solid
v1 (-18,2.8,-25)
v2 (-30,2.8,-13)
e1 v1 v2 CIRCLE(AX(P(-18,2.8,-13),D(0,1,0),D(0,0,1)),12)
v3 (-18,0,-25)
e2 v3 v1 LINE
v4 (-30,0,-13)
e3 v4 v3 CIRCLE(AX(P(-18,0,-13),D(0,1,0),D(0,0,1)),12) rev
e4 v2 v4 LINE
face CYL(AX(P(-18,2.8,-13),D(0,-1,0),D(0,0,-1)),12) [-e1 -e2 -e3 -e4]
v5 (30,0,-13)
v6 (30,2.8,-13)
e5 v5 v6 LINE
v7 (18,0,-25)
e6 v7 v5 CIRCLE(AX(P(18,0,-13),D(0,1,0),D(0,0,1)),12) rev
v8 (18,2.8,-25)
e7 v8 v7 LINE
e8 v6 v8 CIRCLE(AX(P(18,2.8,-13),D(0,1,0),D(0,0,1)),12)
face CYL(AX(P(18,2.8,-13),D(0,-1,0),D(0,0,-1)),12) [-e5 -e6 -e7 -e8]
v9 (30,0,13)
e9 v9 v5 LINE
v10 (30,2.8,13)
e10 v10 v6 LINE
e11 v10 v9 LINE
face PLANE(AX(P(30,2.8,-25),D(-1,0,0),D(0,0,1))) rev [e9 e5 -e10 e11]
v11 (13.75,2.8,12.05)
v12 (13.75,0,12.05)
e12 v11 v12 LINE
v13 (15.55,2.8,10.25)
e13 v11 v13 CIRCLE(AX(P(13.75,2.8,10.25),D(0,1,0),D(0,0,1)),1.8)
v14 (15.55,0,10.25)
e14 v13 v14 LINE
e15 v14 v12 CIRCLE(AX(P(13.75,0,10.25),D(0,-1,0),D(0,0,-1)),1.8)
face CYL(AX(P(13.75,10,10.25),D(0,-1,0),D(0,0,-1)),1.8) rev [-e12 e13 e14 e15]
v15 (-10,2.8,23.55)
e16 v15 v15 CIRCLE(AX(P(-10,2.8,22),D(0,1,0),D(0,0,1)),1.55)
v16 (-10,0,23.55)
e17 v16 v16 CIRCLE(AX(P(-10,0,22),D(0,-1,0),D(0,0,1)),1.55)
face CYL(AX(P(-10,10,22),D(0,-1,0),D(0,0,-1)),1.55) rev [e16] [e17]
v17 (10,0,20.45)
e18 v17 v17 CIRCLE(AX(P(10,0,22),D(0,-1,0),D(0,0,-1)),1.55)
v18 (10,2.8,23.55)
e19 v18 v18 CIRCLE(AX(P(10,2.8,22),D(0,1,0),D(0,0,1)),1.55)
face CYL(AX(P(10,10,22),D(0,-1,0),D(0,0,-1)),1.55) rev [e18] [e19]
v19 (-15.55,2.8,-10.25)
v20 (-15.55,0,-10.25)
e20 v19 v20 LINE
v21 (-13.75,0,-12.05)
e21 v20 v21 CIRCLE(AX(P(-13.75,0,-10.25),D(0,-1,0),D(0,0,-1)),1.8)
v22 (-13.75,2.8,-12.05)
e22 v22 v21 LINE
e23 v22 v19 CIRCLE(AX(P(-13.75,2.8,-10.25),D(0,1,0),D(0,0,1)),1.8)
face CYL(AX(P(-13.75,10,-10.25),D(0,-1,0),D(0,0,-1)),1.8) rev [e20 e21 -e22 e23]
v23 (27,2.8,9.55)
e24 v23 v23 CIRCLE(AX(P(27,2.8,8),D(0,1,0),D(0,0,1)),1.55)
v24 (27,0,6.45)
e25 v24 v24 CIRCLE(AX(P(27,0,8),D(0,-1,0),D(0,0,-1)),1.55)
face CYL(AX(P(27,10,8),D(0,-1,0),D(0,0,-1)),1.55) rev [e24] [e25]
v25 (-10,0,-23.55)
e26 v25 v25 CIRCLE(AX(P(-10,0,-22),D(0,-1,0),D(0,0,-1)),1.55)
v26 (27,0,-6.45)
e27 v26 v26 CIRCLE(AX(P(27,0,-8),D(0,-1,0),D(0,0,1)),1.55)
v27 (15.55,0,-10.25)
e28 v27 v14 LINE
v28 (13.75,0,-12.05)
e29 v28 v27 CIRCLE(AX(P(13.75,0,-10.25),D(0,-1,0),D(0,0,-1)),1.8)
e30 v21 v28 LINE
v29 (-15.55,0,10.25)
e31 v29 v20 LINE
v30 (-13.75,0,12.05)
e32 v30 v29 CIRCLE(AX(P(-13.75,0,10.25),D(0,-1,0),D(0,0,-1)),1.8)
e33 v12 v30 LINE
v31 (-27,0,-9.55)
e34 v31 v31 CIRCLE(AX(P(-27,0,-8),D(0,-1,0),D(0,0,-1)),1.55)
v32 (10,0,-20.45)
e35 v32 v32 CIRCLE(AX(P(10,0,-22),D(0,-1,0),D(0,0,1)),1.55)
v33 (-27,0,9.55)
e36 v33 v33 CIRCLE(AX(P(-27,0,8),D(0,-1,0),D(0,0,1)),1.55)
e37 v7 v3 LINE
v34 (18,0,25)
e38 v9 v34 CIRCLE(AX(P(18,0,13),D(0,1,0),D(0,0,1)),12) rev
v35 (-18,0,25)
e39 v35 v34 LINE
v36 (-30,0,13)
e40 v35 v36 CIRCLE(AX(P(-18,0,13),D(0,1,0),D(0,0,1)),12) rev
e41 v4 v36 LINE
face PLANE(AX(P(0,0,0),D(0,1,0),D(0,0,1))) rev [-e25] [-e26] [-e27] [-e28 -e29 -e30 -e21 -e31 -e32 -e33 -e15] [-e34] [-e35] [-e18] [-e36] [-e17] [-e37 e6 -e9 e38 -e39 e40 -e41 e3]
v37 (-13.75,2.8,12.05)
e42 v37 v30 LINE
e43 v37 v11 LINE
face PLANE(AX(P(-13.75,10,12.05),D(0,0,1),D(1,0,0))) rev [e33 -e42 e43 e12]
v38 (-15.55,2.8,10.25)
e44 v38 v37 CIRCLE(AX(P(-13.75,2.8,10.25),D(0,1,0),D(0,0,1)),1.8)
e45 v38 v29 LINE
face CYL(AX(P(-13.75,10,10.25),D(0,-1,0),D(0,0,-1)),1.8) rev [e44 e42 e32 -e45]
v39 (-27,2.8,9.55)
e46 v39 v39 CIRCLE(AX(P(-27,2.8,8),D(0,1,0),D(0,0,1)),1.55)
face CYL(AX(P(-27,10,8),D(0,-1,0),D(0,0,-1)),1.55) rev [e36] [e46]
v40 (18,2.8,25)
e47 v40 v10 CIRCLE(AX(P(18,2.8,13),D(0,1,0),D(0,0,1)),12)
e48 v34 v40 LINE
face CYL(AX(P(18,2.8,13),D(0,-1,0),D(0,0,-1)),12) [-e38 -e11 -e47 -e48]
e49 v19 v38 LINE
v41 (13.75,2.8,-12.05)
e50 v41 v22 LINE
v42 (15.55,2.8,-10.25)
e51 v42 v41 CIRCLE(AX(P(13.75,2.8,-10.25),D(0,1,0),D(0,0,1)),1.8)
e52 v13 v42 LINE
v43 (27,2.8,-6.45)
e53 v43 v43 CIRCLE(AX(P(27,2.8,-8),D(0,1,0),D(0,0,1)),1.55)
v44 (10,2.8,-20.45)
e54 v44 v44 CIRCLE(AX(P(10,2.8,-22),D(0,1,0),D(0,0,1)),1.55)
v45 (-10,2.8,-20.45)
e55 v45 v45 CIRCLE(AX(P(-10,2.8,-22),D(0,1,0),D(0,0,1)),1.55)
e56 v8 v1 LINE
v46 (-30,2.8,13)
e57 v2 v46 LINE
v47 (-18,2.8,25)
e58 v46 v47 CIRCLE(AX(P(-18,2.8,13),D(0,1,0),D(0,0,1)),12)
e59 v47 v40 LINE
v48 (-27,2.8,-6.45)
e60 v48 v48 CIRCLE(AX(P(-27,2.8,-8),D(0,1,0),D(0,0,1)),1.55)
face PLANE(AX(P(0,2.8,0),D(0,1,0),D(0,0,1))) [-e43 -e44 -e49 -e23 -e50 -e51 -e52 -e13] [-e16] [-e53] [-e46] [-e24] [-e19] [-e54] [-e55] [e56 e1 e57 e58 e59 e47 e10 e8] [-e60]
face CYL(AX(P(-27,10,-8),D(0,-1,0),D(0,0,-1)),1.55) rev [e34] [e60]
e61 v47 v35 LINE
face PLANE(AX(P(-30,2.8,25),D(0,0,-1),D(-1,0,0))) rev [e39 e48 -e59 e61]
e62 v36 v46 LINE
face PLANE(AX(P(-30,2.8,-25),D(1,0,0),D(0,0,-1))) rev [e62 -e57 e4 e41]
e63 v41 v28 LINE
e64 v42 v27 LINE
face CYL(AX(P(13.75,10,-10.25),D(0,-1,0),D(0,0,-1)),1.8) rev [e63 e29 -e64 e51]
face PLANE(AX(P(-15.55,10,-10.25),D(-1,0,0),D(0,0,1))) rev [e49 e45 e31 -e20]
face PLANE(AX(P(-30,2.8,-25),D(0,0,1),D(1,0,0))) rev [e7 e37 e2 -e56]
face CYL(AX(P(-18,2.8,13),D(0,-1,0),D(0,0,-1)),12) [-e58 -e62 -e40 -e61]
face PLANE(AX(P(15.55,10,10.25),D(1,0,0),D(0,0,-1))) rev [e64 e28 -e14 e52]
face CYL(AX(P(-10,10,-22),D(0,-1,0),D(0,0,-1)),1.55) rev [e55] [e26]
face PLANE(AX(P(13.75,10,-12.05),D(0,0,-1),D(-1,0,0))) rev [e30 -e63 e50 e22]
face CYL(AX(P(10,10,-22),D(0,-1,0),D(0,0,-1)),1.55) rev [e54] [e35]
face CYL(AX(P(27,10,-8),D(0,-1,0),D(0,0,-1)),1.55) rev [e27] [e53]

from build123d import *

# Parameters (mm, degrees)
SKETCH_1_W          = 60
SKETCH_1_H          = 50
SKETCH_1_W_2        = 29.5
SKETCH_1_H_2        = 22.5
EXTRUDE_1_DEPTH     = 2.8
SKETCH_8_R          = 1.55
CUT_EXTRUDE_2_DEPTH = 10
FILLET_1_R          = 1
FILLET_2_R          = 12
CUT_EXTRUDE_3_DEPTH = 10


with BuildPart() as part:
    # 草图1 → 凸台-拉伸1 (new body)
    with BuildSketch(Plane(origin=(0, 0, 0), x_dir=(1, 0, 0), z_dir=(0, 1, 0))):
        Rectangle(SKETCH_1_W, SKETCH_1_H)
        Rectangle(SKETCH_1_W_2, SKETCH_1_H_2, mode=Mode.SUBTRACT)
    extrude(amount=EXTRUDE_1_DEPTH)

    # 草图8 → 切除-拉伸2 (cut)
    with BuildSketch(Plane.XZ):
        with Locations((27, 8)):
            Circle(SKETCH_8_R)
        with Locations((10, 22)):
            Circle(SKETCH_8_R)
        with Locations((-10, 22)):
            Circle(SKETCH_8_R)
        with Locations((-27, 8)):
            Circle(SKETCH_8_R)
        with Locations((-27, -8)):
            Circle(SKETCH_8_R)
        with Locations((-10, -22)):
            Circle(SKETCH_8_R)
        with Locations((10, -22)):
            Circle(SKETCH_8_R)
        with Locations((27, -8)):
            Circle(SKETCH_8_R)
    extrude(amount=-CUT_EXTRUDE_2_DEPTH, mode=Mode.SUBTRACT)

    # 圆角1
    fillet_1_edges = [part.edges().sort_by_distance(p)[0] for p in [
        (14.75, 1.4, 11.25),
        (14.75, 1.4, -11.25),
        (-14.75, 1.4, -11.25),
        (-14.75, 1.4, 11.25),
    ]]
    fillet(fillet_1_edges, radius=FILLET_1_R)

    # 圆角2
    fillet_2_edges = [part.edges().sort_by_distance(p)[0] for p in [
        (30, 1.4, 25),
        (-30, 1.4, 25),
        (-30, 1.4, -25),
        (30, 1.4, -25),
    ]]
    fillet(fillet_2_edges, radius=FILLET_2_R)

    # 草图9 → 切除-拉伸3 (cut)
    with BuildSketch(Plane.XZ):
        with BuildLine():
            Line((-13.75, 12.05), (13.75, 12.05))
            ThreePointArc((13.75, 12.05), (15.022792206, 11.522792206), (15.55, 10.25))
            Line((15.55, 10.25), (15.55, -10.25))
            ThreePointArc((15.55, -10.25), (15.022792206, -11.522792206), (13.75, -12.05))
            Line((13.75, -12.05), (-13.75, -12.05))
            ThreePointArc((-13.75, -12.05), (-15.022792206, -11.522792206), (-15.55, -10.25))
            Line((-15.55, -10.25), (-15.55, 10.25))
            ThreePointArc((-15.55, 10.25), (-15.022792206, 11.522792206), (-13.75, 12.05))
        make_face()
    extrude(amount=-CUT_EXTRUDE_3_DEPTH, mode=Mode.SUBTRACT)


solid = part.part
